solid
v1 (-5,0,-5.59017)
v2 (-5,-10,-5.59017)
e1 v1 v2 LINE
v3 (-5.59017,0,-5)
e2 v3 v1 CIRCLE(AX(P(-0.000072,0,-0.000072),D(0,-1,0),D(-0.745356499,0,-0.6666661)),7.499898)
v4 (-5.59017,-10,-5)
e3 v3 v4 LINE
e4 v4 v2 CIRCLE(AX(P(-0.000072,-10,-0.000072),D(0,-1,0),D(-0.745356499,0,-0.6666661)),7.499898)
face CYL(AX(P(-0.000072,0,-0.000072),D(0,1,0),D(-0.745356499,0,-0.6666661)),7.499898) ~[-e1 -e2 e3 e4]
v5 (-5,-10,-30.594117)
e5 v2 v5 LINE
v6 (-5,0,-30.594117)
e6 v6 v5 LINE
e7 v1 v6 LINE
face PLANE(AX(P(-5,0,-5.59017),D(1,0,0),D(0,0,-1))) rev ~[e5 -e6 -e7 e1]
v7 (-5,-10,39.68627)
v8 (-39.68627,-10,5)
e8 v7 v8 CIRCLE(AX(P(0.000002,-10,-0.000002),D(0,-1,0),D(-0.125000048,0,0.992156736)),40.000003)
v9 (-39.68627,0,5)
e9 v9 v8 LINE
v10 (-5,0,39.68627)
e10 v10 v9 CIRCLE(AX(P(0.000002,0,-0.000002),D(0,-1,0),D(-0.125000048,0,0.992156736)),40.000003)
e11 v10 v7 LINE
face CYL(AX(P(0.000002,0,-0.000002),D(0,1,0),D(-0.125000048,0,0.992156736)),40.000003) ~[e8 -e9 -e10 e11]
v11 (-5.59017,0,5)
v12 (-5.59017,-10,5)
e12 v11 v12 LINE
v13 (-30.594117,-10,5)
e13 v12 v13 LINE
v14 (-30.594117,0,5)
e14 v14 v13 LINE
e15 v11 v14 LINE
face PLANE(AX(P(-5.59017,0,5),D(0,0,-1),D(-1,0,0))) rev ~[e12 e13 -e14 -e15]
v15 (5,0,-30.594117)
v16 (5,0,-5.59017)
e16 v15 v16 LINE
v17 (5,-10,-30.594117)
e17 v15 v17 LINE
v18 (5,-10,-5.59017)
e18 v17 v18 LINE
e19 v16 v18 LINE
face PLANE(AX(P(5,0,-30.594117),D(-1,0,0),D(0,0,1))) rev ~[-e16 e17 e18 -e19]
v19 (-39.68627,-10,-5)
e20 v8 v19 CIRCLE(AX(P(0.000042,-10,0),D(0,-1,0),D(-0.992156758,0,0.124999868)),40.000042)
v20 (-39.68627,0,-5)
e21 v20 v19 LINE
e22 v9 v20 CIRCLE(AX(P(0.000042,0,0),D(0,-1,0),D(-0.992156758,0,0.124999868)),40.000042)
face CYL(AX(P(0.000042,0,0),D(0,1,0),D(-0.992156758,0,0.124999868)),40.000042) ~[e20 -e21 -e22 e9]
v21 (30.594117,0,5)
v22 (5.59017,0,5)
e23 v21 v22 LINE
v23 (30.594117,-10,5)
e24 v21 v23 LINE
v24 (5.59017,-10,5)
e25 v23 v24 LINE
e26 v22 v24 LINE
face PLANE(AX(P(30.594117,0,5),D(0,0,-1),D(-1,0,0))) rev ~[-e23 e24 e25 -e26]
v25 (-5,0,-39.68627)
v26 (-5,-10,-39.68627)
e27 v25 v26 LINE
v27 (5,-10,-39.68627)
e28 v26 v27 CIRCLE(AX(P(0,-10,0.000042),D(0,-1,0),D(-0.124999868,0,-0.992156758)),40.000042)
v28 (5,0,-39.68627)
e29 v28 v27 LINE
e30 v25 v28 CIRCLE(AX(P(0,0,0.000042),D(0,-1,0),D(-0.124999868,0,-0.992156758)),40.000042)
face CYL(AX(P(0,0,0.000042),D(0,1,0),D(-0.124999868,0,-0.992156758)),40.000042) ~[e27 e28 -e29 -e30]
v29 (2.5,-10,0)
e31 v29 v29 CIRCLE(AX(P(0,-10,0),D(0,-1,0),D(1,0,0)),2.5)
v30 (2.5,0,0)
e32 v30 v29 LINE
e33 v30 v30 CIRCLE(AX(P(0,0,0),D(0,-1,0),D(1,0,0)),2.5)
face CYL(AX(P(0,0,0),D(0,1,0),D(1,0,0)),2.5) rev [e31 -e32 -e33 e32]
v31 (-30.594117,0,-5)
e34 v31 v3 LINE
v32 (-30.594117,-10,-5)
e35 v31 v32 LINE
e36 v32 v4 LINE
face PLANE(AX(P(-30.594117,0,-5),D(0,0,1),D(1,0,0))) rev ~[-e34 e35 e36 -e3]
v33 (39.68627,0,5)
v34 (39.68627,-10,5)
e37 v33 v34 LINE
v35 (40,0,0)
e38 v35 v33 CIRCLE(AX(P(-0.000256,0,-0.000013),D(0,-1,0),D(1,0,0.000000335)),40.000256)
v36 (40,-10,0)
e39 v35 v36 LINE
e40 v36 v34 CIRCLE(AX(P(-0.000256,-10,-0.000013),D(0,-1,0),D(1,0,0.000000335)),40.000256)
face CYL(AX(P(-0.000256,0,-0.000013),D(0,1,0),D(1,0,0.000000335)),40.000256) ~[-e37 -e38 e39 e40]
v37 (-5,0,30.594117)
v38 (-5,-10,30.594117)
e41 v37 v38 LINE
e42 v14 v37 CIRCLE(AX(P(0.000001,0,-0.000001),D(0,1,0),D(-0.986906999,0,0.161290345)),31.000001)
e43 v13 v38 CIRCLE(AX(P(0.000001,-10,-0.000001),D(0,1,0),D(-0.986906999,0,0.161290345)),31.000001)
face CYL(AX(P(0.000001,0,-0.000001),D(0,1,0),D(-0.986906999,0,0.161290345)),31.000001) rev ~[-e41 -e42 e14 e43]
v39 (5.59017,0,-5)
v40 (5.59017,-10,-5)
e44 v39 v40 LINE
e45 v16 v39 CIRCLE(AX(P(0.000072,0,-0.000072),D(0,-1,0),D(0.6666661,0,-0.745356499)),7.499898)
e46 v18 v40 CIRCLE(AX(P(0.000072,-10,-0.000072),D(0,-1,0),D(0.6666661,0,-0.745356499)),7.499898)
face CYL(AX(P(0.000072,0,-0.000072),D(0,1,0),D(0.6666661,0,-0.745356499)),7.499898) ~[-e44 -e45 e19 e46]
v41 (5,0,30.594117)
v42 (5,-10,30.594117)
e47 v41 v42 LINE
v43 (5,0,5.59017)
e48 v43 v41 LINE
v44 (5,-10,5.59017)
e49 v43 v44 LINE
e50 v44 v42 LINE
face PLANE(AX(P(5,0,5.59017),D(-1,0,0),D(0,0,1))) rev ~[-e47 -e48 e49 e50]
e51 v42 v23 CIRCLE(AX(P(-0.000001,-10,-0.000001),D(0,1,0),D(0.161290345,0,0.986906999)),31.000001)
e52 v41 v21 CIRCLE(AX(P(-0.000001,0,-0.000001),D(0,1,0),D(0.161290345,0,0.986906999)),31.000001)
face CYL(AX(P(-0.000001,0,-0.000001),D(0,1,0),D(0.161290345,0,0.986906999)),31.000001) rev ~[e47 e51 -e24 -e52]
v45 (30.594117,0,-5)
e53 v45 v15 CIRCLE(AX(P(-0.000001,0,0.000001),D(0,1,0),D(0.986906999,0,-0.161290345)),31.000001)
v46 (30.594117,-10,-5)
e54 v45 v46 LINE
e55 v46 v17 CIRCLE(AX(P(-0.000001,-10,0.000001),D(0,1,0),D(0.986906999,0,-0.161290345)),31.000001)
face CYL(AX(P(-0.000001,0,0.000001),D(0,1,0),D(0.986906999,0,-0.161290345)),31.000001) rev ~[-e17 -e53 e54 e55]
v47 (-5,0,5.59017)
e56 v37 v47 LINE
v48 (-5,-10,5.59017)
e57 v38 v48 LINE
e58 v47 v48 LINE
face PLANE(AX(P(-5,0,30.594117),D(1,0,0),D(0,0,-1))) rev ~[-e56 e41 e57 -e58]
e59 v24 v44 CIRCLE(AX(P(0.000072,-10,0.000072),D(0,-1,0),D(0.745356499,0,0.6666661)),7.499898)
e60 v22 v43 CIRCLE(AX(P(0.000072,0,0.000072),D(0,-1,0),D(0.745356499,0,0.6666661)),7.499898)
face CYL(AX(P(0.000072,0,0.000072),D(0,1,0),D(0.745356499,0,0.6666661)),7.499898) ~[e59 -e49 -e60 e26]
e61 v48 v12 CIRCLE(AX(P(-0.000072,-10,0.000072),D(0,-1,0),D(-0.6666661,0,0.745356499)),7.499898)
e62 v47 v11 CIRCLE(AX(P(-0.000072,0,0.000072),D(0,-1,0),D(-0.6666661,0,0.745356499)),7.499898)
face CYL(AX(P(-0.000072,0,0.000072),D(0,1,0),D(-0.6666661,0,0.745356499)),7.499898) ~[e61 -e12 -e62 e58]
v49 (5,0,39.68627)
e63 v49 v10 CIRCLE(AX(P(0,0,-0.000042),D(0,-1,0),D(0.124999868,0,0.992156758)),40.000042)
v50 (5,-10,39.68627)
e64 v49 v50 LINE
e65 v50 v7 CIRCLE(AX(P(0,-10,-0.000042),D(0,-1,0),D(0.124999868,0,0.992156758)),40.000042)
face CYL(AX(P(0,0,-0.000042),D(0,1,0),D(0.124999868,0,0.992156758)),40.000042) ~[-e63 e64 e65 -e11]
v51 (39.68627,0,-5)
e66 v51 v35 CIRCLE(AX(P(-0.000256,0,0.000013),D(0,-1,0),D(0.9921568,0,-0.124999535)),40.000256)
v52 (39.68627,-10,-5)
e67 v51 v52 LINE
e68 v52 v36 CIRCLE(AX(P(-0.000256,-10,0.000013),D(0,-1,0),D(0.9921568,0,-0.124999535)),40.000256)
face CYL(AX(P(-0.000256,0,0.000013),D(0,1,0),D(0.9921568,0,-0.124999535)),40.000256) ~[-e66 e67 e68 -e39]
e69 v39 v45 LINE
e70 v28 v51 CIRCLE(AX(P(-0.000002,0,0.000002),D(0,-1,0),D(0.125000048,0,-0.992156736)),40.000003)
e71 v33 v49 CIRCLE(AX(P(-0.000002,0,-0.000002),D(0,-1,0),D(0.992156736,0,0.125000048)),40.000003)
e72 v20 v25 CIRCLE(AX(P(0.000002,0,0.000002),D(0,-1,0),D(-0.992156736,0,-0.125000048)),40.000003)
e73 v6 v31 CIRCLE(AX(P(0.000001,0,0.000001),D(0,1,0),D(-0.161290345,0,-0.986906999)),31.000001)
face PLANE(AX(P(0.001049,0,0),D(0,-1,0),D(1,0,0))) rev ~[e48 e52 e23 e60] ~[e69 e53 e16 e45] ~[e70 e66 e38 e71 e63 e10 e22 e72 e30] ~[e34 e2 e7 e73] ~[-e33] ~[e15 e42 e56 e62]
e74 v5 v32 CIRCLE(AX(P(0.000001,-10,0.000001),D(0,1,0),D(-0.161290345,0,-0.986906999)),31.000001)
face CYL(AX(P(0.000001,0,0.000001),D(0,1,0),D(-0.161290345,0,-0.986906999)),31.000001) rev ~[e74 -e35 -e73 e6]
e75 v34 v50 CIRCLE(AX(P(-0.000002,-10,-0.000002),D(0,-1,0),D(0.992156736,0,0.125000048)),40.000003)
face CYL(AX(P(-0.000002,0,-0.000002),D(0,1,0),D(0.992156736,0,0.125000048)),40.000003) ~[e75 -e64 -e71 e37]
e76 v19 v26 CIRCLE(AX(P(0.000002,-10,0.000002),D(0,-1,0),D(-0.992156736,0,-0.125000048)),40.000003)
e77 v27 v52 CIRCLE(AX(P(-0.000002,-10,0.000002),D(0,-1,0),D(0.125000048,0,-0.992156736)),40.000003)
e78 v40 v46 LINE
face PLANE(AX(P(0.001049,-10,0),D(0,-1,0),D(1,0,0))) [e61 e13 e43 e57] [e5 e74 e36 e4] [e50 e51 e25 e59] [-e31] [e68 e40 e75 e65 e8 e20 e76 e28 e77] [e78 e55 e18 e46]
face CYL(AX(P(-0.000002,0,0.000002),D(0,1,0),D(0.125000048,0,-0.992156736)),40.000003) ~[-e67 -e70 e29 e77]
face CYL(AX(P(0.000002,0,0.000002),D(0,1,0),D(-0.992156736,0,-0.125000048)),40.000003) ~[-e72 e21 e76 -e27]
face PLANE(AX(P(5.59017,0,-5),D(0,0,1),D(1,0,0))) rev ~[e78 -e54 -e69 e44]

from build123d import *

# Parameters (mm, degrees)
F0_R     = 2.5
F1_DEPTH = 10


with BuildPart() as f1:
    # F0 (on Front) → F1 (new body)
    with BuildSketch(Plane.XZ):
        with BuildLine():
            ThreePointArc((39.68627, -5), (39.92149, -2.504917), (40, 0))
            ThreePointArc((40, 0), (39.92149, 2.504917), (39.68627, 5))
            ThreePointArc((39.68627, 5), (28.284271, 28.284271), (5, 39.68627))
            ThreePointArc((5, 39.68627), (0, 40), (-5, 39.68627))
            ThreePointArc((-5, 39.68627), (-28.284271, 28.284271), (-39.68627, 5))
            ThreePointArc((-39.68627, 5), (-40, 0), (-39.68627, -5))
            ThreePointArc((-39.68627, -5), (-28.284271, -28.284271), (-5, -39.68627))
            ThreePointArc((-5, -39.68627), (0, -40), (5, -39.68627))
            ThreePointArc((5, -39.68627), (28.284271, -28.284271), (39.68627, -5))
        make_face()
        with BuildLine():
            ThreePointArc((-5, -30.594117), (-21.92031, -21.92031), (-30.594117, -5))
            Line((-30.594117, -5), (-5.59017, -5))
            ThreePointArc((-5.59017, -5), (-5.303301, -5.303301), (-5, -5.59017))
            Line((-5, -5.59017), (-5, -30.594117))
        make_face(mode=Mode.SUBTRACT)
        with BuildLine():
            Line((5, -30.594117), (5, -5.59017))
            ThreePointArc((5, -5.59017), (5.303301, -5.303301), (5.59017, -5))
            Line((5.59017, -5), (30.594117, -5))
            ThreePointArc((30.594117, -5), (21.92031, -21.92031), (5, -30.594117))
        make_face(mode=Mode.SUBTRACT)
        with BuildLine():
            Line((-5, 30.594117), (-5, 5.59017))
            ThreePointArc((-5, 5.59017), (-5.303301, 5.303301), (-5.59017, 5))
            Line((-5.59017, 5), (-30.594117, 5))
            ThreePointArc((-30.594117, 5), (-21.92031, 21.92031), (-5, 30.594117))
        make_face(mode=Mode.SUBTRACT)
        Circle(F0_R, mode=Mode.SUBTRACT)
        with BuildLine():
            Line((30.594117, 5), (5.59017, 5))
            ThreePointArc((5.59017, 5), (5.303301, 5.303301), (5, 5.59017))
            Line((5, 5.59017), (5, 30.594117))
            ThreePointArc((5, 30.594117), (21.92031, 21.92031), (30.594117, 5))
        make_face(mode=Mode.SUBTRACT)
    extrude(amount=F1_DEPTH)


solid = f1.part
